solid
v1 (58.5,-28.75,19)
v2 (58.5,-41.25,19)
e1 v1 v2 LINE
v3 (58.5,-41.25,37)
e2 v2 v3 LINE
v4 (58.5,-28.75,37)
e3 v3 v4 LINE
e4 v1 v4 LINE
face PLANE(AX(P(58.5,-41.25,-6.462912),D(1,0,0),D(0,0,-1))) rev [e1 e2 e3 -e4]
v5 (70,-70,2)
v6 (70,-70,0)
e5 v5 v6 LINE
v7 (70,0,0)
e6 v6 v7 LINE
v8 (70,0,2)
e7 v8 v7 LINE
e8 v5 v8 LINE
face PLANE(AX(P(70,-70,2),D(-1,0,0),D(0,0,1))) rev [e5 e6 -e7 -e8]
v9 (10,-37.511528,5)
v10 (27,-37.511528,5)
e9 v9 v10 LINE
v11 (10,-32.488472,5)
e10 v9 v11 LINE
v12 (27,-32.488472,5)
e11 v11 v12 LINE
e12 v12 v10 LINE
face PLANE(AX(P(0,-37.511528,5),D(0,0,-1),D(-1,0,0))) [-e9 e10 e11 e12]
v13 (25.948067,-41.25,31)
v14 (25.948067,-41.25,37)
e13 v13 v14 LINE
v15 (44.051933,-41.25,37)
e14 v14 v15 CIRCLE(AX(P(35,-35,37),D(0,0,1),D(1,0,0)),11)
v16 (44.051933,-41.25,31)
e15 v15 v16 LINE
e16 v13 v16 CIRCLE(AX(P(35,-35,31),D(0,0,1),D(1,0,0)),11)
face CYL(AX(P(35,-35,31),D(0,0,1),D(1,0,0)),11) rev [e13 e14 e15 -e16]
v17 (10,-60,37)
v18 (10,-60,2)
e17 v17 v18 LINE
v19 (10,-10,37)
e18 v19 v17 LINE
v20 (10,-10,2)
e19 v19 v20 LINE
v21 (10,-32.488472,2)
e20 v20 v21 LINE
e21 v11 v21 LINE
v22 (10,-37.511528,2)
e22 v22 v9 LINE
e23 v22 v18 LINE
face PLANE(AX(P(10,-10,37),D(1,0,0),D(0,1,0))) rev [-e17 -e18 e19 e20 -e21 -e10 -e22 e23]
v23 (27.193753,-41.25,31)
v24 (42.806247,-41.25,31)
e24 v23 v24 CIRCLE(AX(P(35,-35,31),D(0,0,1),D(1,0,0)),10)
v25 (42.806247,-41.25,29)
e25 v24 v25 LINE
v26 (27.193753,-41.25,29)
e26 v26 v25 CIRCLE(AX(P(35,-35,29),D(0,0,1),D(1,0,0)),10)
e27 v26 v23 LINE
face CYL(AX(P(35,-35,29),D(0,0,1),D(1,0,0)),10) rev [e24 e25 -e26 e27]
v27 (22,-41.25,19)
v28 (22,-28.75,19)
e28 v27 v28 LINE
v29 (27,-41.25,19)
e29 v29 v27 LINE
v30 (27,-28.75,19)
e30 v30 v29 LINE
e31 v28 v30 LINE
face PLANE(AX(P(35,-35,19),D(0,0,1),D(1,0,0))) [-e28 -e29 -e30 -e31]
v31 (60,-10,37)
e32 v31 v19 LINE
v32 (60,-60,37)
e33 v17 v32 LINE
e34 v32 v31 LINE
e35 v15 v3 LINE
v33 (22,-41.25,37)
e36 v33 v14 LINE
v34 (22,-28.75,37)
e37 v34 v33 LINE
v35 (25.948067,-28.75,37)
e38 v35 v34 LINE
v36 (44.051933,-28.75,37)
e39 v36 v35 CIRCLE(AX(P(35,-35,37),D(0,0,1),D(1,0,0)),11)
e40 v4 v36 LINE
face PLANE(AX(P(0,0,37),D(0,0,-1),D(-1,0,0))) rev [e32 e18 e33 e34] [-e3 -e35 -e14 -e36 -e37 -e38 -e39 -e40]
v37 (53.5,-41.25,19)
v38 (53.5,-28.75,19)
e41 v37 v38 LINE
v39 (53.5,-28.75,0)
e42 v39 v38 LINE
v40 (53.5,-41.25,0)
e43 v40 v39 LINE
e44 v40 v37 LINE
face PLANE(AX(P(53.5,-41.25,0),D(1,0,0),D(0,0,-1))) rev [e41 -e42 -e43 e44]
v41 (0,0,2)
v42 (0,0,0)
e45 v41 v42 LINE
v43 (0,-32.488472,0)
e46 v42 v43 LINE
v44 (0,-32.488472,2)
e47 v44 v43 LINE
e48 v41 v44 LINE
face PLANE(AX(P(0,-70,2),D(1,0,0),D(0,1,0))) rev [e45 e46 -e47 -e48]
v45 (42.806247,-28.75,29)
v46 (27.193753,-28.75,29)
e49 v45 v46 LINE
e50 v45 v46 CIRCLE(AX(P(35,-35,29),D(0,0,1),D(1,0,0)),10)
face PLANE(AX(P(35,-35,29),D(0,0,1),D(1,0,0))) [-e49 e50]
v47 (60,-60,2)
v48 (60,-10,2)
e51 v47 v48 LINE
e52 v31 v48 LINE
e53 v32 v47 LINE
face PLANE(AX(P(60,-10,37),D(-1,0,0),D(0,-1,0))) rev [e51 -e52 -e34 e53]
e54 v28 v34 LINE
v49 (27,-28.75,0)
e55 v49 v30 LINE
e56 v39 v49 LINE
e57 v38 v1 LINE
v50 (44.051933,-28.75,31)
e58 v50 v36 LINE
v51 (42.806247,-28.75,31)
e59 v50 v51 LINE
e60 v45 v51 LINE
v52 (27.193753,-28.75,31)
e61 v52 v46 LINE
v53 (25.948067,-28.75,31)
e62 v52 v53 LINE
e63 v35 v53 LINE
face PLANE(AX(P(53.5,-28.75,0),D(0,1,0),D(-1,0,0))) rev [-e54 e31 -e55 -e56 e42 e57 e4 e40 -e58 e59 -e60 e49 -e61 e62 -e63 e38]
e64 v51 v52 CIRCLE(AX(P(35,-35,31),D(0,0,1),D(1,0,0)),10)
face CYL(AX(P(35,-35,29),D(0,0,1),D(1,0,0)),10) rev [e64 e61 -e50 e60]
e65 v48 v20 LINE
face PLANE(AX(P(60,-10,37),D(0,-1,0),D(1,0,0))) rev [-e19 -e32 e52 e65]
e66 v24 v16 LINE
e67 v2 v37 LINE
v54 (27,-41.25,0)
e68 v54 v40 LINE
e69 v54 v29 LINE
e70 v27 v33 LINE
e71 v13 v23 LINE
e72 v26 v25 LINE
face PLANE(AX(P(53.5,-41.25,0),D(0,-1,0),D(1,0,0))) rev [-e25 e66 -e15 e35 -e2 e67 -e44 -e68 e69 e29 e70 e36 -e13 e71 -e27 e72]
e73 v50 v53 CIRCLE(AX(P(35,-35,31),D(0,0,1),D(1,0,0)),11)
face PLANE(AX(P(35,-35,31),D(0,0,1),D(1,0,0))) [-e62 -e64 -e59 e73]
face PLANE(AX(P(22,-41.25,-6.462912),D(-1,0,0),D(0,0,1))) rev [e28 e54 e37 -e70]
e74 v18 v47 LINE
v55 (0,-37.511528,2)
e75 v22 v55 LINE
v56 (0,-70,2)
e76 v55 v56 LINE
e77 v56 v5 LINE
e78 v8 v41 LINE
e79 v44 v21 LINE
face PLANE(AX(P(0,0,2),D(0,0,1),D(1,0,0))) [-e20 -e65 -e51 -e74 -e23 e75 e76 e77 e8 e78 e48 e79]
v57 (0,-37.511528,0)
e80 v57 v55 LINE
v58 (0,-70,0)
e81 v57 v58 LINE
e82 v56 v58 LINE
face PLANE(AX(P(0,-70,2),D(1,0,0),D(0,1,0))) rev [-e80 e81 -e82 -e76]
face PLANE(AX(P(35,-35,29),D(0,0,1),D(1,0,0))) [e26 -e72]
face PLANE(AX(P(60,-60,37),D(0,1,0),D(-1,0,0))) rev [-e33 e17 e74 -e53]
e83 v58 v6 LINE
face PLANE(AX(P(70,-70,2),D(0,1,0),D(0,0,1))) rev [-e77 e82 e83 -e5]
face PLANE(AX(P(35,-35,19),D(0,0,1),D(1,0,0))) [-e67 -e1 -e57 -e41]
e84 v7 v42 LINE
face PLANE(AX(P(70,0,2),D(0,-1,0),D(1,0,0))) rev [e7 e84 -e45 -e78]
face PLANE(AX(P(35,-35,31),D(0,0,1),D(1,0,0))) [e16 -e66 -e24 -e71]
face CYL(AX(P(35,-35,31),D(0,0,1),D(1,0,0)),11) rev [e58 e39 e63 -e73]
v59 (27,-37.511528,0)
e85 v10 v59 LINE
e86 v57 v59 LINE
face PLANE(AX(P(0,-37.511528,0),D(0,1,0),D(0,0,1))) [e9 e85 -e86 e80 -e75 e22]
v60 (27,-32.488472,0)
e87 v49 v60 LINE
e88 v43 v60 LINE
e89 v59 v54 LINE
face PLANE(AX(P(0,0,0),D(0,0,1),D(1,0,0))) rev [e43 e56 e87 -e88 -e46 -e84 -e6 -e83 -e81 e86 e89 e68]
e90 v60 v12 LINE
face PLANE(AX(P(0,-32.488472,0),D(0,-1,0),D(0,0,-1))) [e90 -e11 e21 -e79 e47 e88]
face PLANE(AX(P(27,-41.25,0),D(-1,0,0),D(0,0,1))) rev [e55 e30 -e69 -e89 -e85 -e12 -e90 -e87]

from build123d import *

# Parameters (mm, degrees)
SKETCH1_W           = 70
SKETCH1_H           = 70
BOSS_EXTRUDE1_DEPTH = 2
SKETCH2_W           = 50
SKETCH2_H           = 50
BOSS_EXTRUDE2_DEPTH = 35
SKETCH3_R           = 11
CUT_EXTRUDE1_DEPTH  = 6
SKETCH4_R           = 10
CUT_EXTRUDE2_DEPTH  = 2
SKETCH5_W           = 26.5
SKETCH5_H           = 12.5
CUT_EXTRUDE3_DEPTH  = 106.683489723
SKETCH7_W           = 5
SKETCH7_H           = 5.02305645
CUT_EXTRUDE4_DEPTH  = 96.557574268
SKETCH8_W           = 5
SKETCH8_H           = 12.5
CUT_EXTRUDE5_DEPTH  = 18


with BuildPart() as part:
    # Sketch1 → Boss-Extrude1 (new body)
    with BuildSketch(Plane.XY):
        with Locations((35, -35)):
            Rectangle(SKETCH1_W, SKETCH1_H)
    extrude(amount=BOSS_EXTRUDE1_DEPTH)

    # Sketch2 → Boss-Extrude2 (add)
    with BuildSketch(Plane.XY.offset(2)):
        with Locations((35, -35)):
            Rectangle(SKETCH2_W, SKETCH2_H)
    extrude(amount=BOSS_EXTRUDE2_DEPTH)

    # Sketch3 → Cut-Extrude1 (cut)
    with BuildSketch(Plane.XY.offset(37)):
        with Locations((35, -35)):
            Circle(SKETCH3_R)
    extrude(amount=-CUT_EXTRUDE1_DEPTH, mode=Mode.SUBTRACT)

    # Sketch4 → Cut-Extrude2 (cut)
    with BuildSketch(Plane.XY.offset(31)):
        with Locations((35, -35)):
            Circle(SKETCH4_R)
    extrude(amount=-CUT_EXTRUDE2_DEPTH, mode=Mode.SUBTRACT)

    # Sketch5 → Cut-Extrude3 (cut, through all)
    with BuildSketch(Plane.XY.offset(37)):
        with Locations((40.25, -35)):
            Rectangle(SKETCH5_W, SKETCH5_H)
    extrude(amount=-CUT_EXTRUDE3_DEPTH, mode=Mode.SUBTRACT)

    # Sketch7 → Cut-Extrude4 (cut, through all)
    with BuildSketch(Plane.ZY.offset(-53.5)):
        with Locations((2.5, -35)):
            Rectangle(SKETCH7_W, SKETCH7_H)
    extrude(amount=CUT_EXTRUDE4_DEPTH, mode=Mode.SUBTRACT)

    # Sketch8 → Cut-Extrude5 (cut)
    with BuildSketch(Plane.XY.offset(37)):
        with Locations((56, -35)):
            Rectangle(SKETCH8_W, SKETCH8_H)
        with Locations((24.5, -35)):
            Rectangle(SKETCH8_W, SKETCH8_H)
    extrude(amount=-CUT_EXTRUDE5_DEPTH, mode=Mode.SUBTRACT)


solid = part.part
